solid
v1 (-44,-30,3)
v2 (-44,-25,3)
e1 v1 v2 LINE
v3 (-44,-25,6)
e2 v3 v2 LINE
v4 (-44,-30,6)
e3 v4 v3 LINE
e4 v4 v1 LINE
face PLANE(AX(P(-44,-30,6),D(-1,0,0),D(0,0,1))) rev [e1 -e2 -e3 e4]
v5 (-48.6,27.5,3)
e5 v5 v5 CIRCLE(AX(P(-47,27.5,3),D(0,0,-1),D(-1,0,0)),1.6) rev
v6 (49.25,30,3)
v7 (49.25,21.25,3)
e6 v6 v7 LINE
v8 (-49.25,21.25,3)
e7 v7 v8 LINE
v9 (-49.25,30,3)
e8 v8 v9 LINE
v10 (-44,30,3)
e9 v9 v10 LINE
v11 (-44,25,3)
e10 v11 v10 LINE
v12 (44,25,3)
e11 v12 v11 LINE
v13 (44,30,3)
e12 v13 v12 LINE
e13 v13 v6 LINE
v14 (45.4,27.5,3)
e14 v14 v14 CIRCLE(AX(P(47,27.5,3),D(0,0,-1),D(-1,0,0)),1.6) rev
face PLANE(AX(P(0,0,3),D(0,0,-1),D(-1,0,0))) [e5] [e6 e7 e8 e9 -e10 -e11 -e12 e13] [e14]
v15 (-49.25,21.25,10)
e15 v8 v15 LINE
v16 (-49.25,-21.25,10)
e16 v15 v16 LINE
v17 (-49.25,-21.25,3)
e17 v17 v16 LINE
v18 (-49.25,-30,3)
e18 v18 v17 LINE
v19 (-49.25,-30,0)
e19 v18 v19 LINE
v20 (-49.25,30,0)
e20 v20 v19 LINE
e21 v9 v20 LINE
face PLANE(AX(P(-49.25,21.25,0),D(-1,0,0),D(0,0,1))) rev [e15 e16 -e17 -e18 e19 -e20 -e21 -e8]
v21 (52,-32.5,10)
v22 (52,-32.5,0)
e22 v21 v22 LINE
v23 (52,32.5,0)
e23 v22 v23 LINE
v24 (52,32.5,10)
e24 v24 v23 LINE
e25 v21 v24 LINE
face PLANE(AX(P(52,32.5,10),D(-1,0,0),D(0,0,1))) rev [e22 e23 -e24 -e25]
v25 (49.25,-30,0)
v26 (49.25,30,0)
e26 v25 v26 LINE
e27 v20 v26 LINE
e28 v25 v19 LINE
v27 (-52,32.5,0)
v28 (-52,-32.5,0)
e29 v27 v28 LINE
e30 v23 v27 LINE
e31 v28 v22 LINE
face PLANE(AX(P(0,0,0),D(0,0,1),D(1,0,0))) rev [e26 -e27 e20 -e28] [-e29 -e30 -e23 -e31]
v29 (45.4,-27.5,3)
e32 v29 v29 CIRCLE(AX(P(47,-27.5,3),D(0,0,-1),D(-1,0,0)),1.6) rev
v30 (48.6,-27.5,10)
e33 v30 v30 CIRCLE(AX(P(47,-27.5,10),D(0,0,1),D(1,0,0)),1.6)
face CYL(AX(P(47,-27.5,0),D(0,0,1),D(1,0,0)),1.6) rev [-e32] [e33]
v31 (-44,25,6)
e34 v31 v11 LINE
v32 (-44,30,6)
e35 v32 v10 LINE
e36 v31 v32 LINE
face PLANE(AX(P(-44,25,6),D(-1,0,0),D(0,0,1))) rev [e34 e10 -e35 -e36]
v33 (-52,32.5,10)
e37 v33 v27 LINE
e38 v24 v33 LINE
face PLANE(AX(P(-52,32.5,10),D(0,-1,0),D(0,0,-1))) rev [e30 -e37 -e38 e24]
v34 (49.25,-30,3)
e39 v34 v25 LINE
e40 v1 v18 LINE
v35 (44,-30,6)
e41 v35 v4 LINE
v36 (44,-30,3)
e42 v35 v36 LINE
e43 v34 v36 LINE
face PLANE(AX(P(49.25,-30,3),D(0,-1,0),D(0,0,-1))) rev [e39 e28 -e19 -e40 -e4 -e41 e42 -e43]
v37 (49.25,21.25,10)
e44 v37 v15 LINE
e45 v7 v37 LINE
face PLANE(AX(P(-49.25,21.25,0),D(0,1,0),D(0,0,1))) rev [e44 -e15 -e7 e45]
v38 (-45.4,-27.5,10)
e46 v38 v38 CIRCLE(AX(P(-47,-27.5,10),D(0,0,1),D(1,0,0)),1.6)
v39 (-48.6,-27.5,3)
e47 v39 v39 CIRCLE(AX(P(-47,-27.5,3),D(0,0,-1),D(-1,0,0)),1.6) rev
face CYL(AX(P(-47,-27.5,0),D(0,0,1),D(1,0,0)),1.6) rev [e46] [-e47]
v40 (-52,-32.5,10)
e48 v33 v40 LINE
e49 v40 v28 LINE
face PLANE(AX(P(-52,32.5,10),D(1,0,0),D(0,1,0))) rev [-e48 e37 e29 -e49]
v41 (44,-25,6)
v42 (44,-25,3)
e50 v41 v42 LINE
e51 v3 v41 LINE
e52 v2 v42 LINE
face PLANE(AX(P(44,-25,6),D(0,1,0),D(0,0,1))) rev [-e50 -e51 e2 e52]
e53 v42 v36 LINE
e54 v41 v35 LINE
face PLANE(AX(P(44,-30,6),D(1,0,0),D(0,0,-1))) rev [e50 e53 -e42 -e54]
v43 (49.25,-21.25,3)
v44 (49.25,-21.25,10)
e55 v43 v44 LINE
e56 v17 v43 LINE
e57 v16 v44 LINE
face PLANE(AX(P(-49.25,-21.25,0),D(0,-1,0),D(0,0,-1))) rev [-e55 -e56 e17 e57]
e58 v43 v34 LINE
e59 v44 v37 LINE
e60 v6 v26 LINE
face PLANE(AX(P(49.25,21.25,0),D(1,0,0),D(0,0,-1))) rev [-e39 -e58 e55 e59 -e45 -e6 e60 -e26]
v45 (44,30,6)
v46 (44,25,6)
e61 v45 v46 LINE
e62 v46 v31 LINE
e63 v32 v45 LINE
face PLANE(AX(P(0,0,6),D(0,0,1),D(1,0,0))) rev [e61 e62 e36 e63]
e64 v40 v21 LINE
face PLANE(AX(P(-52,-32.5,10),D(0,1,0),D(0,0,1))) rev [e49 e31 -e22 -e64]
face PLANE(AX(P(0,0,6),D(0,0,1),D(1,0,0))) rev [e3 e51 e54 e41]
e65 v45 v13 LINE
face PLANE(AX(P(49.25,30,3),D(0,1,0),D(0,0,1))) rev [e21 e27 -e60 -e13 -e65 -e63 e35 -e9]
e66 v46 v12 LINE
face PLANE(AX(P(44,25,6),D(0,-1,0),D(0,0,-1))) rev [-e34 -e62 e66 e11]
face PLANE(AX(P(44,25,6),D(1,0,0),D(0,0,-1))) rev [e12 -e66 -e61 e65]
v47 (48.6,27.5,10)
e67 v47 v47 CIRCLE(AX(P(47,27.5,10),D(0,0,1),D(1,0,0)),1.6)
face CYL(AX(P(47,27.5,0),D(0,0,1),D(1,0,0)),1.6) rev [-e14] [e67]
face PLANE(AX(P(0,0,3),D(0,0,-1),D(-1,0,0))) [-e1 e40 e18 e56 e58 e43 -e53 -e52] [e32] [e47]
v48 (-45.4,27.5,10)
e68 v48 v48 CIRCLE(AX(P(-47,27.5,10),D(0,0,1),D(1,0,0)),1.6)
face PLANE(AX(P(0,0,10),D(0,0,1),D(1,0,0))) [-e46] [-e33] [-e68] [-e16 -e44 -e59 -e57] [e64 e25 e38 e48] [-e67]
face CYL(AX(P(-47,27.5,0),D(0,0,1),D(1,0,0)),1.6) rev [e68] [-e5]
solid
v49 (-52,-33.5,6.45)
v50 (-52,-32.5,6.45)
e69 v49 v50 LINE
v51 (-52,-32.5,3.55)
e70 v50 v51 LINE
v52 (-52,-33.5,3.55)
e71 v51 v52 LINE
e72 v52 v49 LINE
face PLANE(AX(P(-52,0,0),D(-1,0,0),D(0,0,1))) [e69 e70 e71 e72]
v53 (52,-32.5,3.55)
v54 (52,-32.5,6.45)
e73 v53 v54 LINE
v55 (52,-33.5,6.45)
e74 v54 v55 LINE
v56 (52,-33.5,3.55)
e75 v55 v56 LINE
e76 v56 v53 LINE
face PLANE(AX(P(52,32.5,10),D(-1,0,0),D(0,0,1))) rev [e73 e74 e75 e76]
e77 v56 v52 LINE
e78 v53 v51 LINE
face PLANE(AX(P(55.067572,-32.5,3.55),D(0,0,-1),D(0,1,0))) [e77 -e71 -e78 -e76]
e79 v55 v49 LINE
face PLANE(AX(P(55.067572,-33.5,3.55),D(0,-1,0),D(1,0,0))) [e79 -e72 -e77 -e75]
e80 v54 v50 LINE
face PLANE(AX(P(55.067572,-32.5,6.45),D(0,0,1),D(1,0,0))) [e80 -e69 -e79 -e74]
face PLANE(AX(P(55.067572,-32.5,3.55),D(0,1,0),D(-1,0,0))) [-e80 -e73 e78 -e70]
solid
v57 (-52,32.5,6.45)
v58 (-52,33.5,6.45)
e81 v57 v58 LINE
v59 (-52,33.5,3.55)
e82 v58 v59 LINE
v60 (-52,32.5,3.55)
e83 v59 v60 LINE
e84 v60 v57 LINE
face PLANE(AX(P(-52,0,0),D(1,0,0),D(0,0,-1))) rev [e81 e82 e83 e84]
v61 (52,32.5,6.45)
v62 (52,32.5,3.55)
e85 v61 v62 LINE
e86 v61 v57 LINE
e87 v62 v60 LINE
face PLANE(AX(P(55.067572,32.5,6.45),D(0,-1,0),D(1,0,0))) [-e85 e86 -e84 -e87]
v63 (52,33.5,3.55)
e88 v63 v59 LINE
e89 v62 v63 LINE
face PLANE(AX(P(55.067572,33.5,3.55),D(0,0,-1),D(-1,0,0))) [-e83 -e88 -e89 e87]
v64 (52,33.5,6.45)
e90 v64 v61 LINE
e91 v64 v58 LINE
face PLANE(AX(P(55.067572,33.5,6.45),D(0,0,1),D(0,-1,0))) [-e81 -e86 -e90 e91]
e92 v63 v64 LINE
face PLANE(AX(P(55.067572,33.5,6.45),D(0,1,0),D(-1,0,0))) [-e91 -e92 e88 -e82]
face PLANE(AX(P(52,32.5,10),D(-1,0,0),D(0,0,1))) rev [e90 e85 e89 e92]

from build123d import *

# Parameters (mm, degrees)
MAIN_SKETCH_W                = 104
MAIN_SKETCH_H                = 65
MAIN_EXTRUSION_DEPTH         = 10
ESQUISSE2_W                  = 2.9
ESQUISSE2_H                  = 1
MAKERBEAM_ATTACHMENT_DEPTH   = 104
MAKERBEAM_ATTACHMENT_2_DEPTH = 104
ESQUISSE3_W                  = 98.5
ESQUISSE3_H                  = 42.5
HOLE_LCD_SCREEN_DEPTH        = 11
ESQUISSE4_R                  = 1.6
HOLES_SUPPORT_LCD_DEPTH      = 11
ESQUISSE5_W                  = 98.5
ESQUISSE5_H                  = 60
SUPPORTTOPANDBOTTOM_DEPTH    = 3
ESQUISSE6_W                  = 88
ESQUISSE6_H                  = 5
HOLES_FOR_PINS_DEPTH         = 3


with BuildPart() as part:
    # Main Sketch → Main Extrusion (new body)
    with BuildSketch(Plane.XY):
        Rectangle(MAIN_SKETCH_W, MAIN_SKETCH_H)
    extrude(amount=MAIN_EXTRUSION_DEPTH)

    # Esquisse3 → Hole LCD Screen (cut, through all)
    with BuildSketch(Plane.XY.offset(10)):
        Rectangle(ESQUISSE3_W, ESQUISSE3_H)
    extrude(amount=-HOLE_LCD_SCREEN_DEPTH, mode=Mode.SUBTRACT)

    # Esquisse4 → Holes Support LCD (cut, through all)
    with BuildSketch(Plane.XY.offset(10)):
        with Locations((-47, 27.5)):
            Circle(ESQUISSE4_R)
        with Locations((47, 27.5)):
            Circle(ESQUISSE4_R)
        with Locations((-47, -27.5)):
            Circle(ESQUISSE4_R)
        with Locations((47, -27.5)):
            Circle(ESQUISSE4_R)
    extrude(amount=-HOLES_SUPPORT_LCD_DEPTH, mode=Mode.SUBTRACT)

    # Esquisse5 → SupportTopAndBottom (cut)
    with BuildSketch(Plane(origin=(0, 0, 0), x_dir=(-1, 0, 0), z_dir=(0, 0, -1))):
        Rectangle(ESQUISSE5_W, ESQUISSE5_H)
    extrude(amount=-SUPPORTTOPANDBOTTOM_DEPTH, mode=Mode.SUBTRACT)

    # Esquisse6 → Holes For Pins (cut)
    with BuildSketch(Plane(origin=(0, 0, 3), x_dir=(-1, 0, 0), z_dir=(0, 0, -1))):
        with Locations((0, 27.5)):
            Rectangle(ESQUISSE6_W, ESQUISSE6_H)
        with Locations((0, -27.5)):
            Rectangle(ESQUISSE6_W, ESQUISSE6_H)
    extrude(amount=-HOLES_FOR_PINS_DEPTH, mode=Mode.SUBTRACT)


with BuildPart() as body_2:
    # Esquisse2 → MakerBeam Attachment (new body)
    with BuildSketch(Plane.ZY.offset(52)):
        with Locations((5, 33)):
            Rectangle(ESQUISSE2_W, ESQUISSE2_H)
    extrude(amount=-MAKERBEAM_ATTACHMENT_DEPTH)


with BuildPart() as body_3:
    # Esquisse2 → MakerBeam Attachment 2 (new body)
    with BuildSketch(Plane.ZY.offset(52)):
        with Locations((5, -33)):
            Rectangle(ESQUISSE2_W, ESQUISSE2_H)
    extrude(amount=-MAKERBEAM_ATTACHMENT_2_DEPTH)


solid = Compound([part.part, body_2.part, body_3.part])
